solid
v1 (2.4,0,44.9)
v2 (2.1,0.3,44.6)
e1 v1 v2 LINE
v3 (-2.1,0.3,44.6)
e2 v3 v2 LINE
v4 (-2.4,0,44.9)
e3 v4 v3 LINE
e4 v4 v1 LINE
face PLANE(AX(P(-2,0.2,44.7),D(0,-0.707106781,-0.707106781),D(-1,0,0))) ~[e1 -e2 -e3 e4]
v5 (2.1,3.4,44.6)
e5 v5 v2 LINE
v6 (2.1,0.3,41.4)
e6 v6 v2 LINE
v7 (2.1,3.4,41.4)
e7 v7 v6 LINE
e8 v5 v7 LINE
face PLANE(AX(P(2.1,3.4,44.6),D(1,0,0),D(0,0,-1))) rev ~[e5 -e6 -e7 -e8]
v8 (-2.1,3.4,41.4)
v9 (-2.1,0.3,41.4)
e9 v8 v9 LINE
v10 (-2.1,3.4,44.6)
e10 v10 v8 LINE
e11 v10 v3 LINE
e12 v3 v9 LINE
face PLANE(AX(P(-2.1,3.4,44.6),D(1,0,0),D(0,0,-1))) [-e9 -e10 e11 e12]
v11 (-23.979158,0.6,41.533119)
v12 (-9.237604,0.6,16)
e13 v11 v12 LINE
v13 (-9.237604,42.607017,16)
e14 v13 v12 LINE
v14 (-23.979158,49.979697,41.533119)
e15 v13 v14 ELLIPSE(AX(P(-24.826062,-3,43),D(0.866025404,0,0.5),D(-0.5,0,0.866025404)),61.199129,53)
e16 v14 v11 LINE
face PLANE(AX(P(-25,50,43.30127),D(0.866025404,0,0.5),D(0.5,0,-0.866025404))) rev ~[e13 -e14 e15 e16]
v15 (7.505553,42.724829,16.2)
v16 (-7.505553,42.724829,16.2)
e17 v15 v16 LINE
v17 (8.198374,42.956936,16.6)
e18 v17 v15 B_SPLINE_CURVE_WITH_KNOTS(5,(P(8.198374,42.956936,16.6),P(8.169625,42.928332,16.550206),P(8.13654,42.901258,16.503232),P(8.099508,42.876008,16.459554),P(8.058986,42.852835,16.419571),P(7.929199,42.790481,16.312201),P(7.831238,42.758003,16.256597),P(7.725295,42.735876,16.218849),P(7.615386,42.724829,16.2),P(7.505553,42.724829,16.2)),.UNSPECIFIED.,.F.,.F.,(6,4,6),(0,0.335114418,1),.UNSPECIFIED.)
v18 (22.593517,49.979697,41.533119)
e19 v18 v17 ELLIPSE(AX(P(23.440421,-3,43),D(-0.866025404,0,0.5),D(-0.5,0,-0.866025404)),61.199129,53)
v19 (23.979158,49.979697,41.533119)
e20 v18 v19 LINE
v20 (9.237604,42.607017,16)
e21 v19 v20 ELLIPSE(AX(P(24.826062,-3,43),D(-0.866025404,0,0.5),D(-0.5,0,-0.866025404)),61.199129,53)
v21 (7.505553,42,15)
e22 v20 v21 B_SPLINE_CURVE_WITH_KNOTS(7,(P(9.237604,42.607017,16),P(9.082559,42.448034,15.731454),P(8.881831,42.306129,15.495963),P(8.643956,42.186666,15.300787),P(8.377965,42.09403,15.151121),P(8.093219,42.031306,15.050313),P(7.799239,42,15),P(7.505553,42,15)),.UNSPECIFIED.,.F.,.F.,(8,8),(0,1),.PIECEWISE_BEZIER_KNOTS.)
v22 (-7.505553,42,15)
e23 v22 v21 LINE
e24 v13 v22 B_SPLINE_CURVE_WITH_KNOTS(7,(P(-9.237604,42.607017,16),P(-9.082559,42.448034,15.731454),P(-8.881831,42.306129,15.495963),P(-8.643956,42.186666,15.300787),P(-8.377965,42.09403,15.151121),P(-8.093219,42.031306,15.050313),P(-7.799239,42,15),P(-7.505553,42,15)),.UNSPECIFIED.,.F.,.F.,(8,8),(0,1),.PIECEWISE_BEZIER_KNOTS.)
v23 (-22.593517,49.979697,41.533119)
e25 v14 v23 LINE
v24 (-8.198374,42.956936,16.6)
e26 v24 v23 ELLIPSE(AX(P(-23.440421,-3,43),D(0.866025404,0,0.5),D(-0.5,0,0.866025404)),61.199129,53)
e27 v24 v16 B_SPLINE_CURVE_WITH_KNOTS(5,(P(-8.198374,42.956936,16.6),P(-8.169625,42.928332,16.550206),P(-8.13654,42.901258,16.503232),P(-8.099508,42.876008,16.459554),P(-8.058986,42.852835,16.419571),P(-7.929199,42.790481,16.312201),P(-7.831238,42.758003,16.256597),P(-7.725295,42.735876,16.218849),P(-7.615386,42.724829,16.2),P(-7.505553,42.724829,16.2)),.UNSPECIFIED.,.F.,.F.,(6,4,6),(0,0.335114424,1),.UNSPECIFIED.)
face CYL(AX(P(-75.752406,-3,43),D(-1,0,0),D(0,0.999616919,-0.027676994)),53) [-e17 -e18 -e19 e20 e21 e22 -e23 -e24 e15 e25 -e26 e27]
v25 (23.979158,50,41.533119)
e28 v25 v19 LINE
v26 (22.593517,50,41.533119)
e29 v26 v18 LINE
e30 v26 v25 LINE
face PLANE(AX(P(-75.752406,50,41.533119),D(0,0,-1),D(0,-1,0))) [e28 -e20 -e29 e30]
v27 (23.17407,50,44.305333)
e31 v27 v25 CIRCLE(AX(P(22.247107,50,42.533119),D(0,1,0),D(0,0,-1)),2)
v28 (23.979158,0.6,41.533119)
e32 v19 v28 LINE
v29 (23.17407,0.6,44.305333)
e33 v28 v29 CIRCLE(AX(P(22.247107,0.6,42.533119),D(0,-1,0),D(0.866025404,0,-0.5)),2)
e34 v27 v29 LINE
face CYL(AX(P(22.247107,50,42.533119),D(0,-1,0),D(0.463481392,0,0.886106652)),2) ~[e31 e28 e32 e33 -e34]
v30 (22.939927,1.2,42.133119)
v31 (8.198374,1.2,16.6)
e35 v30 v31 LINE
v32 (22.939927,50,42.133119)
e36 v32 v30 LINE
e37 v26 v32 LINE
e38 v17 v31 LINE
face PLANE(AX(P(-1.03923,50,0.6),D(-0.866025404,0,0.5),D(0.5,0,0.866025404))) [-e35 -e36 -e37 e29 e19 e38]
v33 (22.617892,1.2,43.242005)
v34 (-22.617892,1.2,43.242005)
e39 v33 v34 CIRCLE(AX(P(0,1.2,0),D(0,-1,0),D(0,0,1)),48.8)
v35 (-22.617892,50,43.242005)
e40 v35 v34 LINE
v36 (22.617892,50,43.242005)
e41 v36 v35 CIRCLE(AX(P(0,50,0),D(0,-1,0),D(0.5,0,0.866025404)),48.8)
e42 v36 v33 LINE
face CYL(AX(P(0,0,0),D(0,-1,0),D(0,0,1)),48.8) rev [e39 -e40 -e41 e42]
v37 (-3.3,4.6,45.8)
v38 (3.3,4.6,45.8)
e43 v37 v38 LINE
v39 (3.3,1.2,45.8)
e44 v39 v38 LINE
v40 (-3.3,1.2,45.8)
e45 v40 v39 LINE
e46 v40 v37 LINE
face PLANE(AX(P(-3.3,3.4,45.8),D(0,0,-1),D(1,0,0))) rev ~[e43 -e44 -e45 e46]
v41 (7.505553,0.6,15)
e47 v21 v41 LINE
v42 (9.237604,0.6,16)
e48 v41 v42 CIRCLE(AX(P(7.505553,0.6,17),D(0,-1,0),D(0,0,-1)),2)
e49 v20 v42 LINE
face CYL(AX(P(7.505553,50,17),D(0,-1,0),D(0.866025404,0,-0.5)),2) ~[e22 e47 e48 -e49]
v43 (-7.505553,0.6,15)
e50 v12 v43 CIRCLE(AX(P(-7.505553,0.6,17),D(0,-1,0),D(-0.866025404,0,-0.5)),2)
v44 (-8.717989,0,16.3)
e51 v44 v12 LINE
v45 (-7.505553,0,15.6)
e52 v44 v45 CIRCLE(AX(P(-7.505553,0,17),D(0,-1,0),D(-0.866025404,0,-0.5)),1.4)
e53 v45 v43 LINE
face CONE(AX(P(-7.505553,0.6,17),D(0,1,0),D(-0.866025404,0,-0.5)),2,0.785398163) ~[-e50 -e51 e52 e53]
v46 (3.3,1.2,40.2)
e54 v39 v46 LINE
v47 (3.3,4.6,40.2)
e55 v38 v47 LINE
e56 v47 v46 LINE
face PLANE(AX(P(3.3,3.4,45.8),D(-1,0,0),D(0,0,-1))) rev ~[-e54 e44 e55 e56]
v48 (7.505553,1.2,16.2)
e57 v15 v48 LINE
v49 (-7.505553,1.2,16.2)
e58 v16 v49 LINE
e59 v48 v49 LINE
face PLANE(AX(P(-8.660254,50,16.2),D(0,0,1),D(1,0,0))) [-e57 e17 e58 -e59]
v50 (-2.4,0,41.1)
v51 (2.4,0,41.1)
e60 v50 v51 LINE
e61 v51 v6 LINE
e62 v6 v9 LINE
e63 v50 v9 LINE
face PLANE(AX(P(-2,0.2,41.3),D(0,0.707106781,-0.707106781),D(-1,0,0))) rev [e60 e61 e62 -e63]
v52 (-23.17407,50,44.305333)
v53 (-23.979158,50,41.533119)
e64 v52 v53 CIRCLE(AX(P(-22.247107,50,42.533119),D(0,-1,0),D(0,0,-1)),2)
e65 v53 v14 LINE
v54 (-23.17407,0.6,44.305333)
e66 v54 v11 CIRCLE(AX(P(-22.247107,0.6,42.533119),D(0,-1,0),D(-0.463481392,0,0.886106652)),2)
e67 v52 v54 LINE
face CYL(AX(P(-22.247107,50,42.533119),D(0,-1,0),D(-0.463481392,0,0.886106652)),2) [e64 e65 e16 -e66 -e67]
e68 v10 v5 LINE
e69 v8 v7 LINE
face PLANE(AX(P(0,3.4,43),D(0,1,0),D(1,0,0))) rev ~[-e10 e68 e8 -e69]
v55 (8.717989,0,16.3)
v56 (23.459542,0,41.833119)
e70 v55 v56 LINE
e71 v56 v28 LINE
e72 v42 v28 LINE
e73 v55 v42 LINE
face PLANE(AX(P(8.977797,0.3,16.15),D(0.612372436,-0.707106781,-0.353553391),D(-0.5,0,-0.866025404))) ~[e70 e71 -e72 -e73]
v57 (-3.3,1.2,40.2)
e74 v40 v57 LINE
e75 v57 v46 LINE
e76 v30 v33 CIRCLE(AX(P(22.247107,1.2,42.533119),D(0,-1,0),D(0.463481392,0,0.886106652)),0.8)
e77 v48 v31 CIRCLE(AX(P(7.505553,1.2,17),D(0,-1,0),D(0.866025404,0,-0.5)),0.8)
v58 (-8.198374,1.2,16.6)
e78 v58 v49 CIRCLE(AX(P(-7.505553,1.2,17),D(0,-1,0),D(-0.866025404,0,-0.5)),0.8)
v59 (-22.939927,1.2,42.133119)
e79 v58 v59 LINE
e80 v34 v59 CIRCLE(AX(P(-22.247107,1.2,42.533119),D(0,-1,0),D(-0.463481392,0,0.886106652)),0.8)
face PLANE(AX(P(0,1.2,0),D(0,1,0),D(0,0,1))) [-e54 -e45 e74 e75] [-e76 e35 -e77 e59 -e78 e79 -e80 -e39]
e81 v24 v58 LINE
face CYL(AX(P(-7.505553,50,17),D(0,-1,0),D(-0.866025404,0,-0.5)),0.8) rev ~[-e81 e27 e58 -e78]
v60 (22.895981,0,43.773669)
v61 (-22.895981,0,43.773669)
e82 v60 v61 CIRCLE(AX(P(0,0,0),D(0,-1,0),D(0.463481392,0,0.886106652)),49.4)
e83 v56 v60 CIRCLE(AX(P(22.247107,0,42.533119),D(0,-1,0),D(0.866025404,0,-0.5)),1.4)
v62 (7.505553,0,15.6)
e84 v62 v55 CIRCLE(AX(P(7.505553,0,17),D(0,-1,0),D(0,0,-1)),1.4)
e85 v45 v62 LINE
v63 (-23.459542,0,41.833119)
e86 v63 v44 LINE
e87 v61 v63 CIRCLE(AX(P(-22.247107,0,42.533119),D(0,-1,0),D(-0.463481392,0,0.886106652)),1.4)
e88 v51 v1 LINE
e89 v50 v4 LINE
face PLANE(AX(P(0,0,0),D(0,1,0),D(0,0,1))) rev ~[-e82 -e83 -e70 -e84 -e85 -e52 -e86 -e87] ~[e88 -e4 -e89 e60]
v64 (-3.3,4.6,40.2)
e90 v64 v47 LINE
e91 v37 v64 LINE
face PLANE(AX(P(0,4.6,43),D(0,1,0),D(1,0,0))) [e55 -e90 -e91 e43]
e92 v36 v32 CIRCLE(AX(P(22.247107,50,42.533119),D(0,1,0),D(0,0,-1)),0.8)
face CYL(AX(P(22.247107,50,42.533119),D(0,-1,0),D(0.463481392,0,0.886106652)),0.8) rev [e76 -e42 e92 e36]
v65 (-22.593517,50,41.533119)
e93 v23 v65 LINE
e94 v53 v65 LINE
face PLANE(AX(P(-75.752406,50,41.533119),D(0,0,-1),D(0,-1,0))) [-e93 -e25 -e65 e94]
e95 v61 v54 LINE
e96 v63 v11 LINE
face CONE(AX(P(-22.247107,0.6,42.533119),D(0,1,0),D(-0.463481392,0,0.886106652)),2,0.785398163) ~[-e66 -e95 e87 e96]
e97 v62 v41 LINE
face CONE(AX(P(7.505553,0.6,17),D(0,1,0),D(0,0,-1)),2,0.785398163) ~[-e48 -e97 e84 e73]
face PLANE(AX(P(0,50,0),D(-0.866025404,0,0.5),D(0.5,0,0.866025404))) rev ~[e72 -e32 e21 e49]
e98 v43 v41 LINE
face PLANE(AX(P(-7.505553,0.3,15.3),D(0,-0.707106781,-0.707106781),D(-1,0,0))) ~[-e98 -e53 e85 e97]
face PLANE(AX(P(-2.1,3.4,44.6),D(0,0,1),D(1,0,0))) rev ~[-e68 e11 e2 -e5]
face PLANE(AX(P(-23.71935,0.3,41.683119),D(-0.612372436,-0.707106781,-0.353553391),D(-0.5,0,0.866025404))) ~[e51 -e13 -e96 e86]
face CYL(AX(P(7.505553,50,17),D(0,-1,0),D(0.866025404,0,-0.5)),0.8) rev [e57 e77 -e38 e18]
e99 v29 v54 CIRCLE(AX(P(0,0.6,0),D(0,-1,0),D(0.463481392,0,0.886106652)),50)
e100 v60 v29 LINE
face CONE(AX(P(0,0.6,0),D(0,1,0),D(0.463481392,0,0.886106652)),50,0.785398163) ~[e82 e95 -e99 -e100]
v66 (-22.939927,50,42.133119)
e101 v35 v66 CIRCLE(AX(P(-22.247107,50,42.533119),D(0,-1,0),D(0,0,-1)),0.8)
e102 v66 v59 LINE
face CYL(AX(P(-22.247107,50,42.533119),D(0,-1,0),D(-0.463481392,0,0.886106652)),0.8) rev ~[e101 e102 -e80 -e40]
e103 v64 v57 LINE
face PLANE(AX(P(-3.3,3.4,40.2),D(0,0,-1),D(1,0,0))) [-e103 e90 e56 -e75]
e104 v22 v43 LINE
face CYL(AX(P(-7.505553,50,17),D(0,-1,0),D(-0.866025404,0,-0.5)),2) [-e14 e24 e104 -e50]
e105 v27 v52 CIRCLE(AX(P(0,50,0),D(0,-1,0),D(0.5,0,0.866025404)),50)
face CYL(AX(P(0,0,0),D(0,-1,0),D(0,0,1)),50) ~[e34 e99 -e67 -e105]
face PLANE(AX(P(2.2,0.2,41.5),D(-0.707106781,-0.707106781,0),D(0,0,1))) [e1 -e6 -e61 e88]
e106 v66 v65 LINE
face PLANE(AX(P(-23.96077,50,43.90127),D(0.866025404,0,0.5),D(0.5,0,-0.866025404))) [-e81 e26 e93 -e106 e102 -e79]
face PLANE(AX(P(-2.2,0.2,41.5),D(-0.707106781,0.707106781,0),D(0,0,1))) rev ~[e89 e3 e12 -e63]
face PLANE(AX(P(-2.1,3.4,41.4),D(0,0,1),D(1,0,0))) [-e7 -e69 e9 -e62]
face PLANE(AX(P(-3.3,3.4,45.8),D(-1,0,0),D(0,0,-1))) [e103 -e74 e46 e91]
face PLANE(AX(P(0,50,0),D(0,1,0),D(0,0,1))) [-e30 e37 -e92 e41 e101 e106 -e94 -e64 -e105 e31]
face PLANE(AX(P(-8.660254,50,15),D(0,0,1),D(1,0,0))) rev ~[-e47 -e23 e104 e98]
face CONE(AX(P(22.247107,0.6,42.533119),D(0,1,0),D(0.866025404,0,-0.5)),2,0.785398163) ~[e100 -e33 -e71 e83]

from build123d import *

# Parameters (mm, degrees)
SKETCH_1_R               = 50
EXTRUDE_1_DEPTH          = 50
CUT_EXTRUDE_2_DEPTH      = 87.602540378
CUT_EXTRUDE_3_DEPTH      = 76
FILLET_1_R               = 2
CHAMFER_1_SIZE           = 0.6
SHELL_1_T                = -1.2
EXTRUDE_2_DEPTH          = 2
EXTRUDE_2_DEPTH_BACK     = 2
SKETCH_4_R               = 1.5
SKETCH_5_R               = 1.5
EXTRUDE_3_DEPTH          = 3
CUT_EXTRUDE_4_DEPTH      = 75.752405905
CUT_EXTRUDE_4_DEPTH_BACK = 75.752405905
SKETCH_7_W               = 6.6
SKETCH_7_H               = 5.6
SKETCH_7_W_2             = 4
SKETCH_7_H_2             = 3
EXTRUDE_4_DEPTH          = 2.2
SKETCH_8_W               = 4
SKETCH_8_H               = 3
CUT_EXTRUDE_7_DEPTH      = 1.2
SKETCH_9_W               = 48.891646461
SKETCH_9_H               = 14.735047163
CUT_EXTRUDE_8_DEPTH      = 75.752405905
CHAMFER_2_SIZE           = 0.4
SKETCH_10_W              = 4.2
SKETCH_10_H              = 3.2
SKETCH_10_W_2            = 4
SKETCH_10_H_2            = 3
CUT_EXTRUDE_9_DEPTH      = 73.52228753
SKETCH_11_W              = 6.6
SKETCH_11_H              = 5.6
EXTRUDE_5_DEPTH          = 1.2


with BuildPart() as part:
    # 草图1 → 凸台-拉伸1 (new body)
    with BuildSketch(Plane(origin=(0, 0, 0), x_dir=(1, 0, 0), z_dir=(0, 1, 0))):
        with Locations(Location((0, 0, 0), (0, 0, 270))):
            Circle(SKETCH_1_R)
    extrude(amount=EXTRUDE_1_DEPTH)

    # 草图2 → 切除-拉伸2 (cut, through all)
    with BuildSketch(Plane(origin=(0, 50, 0), x_dir=(1, 0, 0), z_dir=(0, 1, 0))):
        with BuildLine():
            Line((-25, -43.301270189), (0, 0))
            Line((0, 0), (25, -43.301270189))
            ThreePointArc((25, -43.301270189), (0, 50), (-25, -43.301270189))
        make_face()
    extrude(amount=-CUT_EXTRUDE_2_DEPTH, mode=Mode.SUBTRACT)

    # 草图3 → 切除-拉伸3 (cut, through all)
    with BuildSketch(Plane(origin=(0, 50, 0), x_dir=(1, 0, 0), z_dir=(0, 1, 0))):
        with BuildLine():
            ThreePointArc((-7.5, -12.990381057), (-3.882285677, -14.488887394), (0, -15))
            ThreePointArc((0, -15), (3.882285677, -14.488887394), (7.5, -12.990381057))
            Line((7.5, -12.990381057), (0, 0))
            Line((0, 0), (-7.5, -12.990381057))
        make_face()
        with BuildLine():
            ThreePointArc((15, 0), (-7.5, 12.990381057), (-7.5, -12.990381057))
            Line((-7.5, -12.990381057), (0, 0))
            Line((0, 0), (7.5, -12.990381057))
            ThreePointArc((7.5, -12.990381057), (12.990381057, -7.5), (15, 0))
        make_face()
        with BuildLine():
            ThreePointArc((7.5, -12.990381057), (3.882285677, -14.488887394), (0, -15))
            Line((0, -15), (8.660254038, -15))
            Line((8.660254038, -15), (7.5, -12.990381057))
        make_face()
        with BuildLine():
            Line((-7.5, -12.990381057), (-8.660254038, -15))
            Line((-8.660254038, -15), (0, -15))
            ThreePointArc((0, -15), (-3.882285677, -14.488887394), (-7.5, -12.990381057))
        make_face()
    extrude(amount=-CUT_EXTRUDE_3_DEPTH, mode=Mode.SUBTRACT)

    # 圆角1
    fillet_1_edges = [part.edges().sort_by_distance(p)[0] for p in [
        (25, 25, 43.301270189),
        (-25, 25, 43.301270189),
        (-8.660254038, 25, 15),
        (8.660254038, 25, 15),
    ]]
    fillet(fillet_1_edges, radius=FILLET_1_R)

    # 倒角1
    chamfer_1_edges = [part.edges().sort_by_distance(p)[0] for p in [
        (0, 0, 15),
        (-16.608380962, 0, 28.766559657),
        (16.608380962, 0, 28.766559657),
        (0, 0, 50),
        (8.505553499, 0, 15.267949192),
        (24.167752526, 0, 43.090900659),
        (-24.167752526, 0, 43.090900659),
        (-8.505553499, 0, 15.267949192),
    ]]
    chamfer(chamfer_1_edges, length=CHAMFER_1_SIZE)

    # 抽壳1
    shell_1_openings = [part.faces().sort_by_distance(p)[0] for p in [
        (0, 50, 34.229276229),
    ]]
    offset(amount=SHELL_1_T, openings=shell_1_openings)

    # 草图4 → 凸台-拉伸2 (add, two sides: drawn at the far end of the back side and taken through both)
    with BuildSketch(Plane(origin=(0, 0, 0), x_dir=(0, 0, -1), z_dir=(1, 0, 0)).offset(-EXTRUDE_2_DEPTH_BACK)):
        with BuildLine():
            Line((-44.5, 0), (-44.5, -3))
            ThreePointArc((-44.5, -3), (-43, -1.5), (-41.5, -3))
            Line((-41.5, -3), (-41.5, 0))
            Line((-41.5, 0), (-44.5, 0))
        make_face()
        with Locations((-43, -3)):
            Circle(SKETCH_4_R)
    extrude(amount=EXTRUDE_2_DEPTH + EXTRUDE_2_DEPTH_BACK)

    # 草图5 → 凸台-拉伸3 (add)
    with BuildSketch(Plane(origin=(2, 0, 0), x_dir=(0, 0, -1), z_dir=(1, 0, 0))):
        with Locations((-43, -3)):
            Circle(SKETCH_5_R)
    extrude_3 = extrude(amount=EXTRUDE_3_DEPTH)

    # 镜向1: 凸台-拉伸3 across plane
    add(extrude_3.mirror(Plane(origin=(0, 0, 0), x_dir=(0, 0, 1), z_dir=(1, 0, 0))))

    # 草图6 → 切除-拉伸4 (cut, two sides: drawn at the far end of the back side and taken through both)
    with BuildSketch(Plane(origin=(0, 0, 0), x_dir=(0, 0, -1), z_dir=(1, 0, 0)).offset(-CUT_EXTRUDE_4_DEPTH_BACK)):
        with BuildLine():
            ThreePointArc((-41.533119315, 49.979696687), (-27.735886723, 47.754377603), (-15, 42))
            Line((-15, 42), (-15, 50))
            Line((-15, 50), (-16, 50))
            Line((-16, 50), (-41.533119315, 50))
            Line((-41.533119315, 50), (-41.533119315, 49.979696687))
        make_face()
    extrude(amount=CUT_EXTRUDE_4_DEPTH + CUT_EXTRUDE_4_DEPTH_BACK, mode=Mode.SUBTRACT)

    # 草图7 → 凸台-拉伸4 (add)
    with BuildSketch(Plane(origin=(0, 1.2, 0), x_dir=(1, 0, 0), z_dir=(0, 1, 0))):
        with Locations((0, -43)):
            Rectangle(SKETCH_7_W, SKETCH_7_H)
        with Locations((0, -43)):
            Rectangle(SKETCH_7_W_2, SKETCH_7_H_2, mode=Mode.SUBTRACT)
    extrude(amount=EXTRUDE_4_DEPTH)

    # 草图8 → 切除-拉伸7 (cut)
    with BuildSketch(Plane(origin=(0, 1.2, 0), x_dir=(1, 0, 0), z_dir=(0, 1, 0))):
        with Locations((0, -43)):
            Rectangle(SKETCH_8_W, SKETCH_8_H)
    extrude(amount=-CUT_EXTRUDE_7_DEPTH, mode=Mode.SUBTRACT)


with BuildPart() as cut_extrude_7_piece_1:
    # of the separate pieces the step leaves, piece 1, a body of its own (cut_extrude_7_pieces)
    add(part.part.solids().sort_by_distance((-23.174069593, 0.6, 44.305332619))[0])

    # 倒角2
    chamfer_2_edges = [cut_extrude_7_piece_1.edges().sort_by_distance(p)[0] for p in [
        (-2, 0, 43),
        (0, 0, 41.5),
        (0, 0, 44.5),
        (2, 0, 43),
    ]]
    chamfer(chamfer_2_edges, length=CHAMFER_2_SIZE)

    # 草图10 → 切除-拉伸9 (cut, through all)
    with BuildSketch(Plane(origin=(0, 3.4, 0), x_dir=(1, 0, 0), z_dir=(0, 1, 0))):
        with Locations((0, -43)):
            Rectangle(SKETCH_10_W, SKETCH_10_H)
        with Locations((0, -43)):
            Rectangle(SKETCH_10_W_2, SKETCH_10_H_2, mode=Mode.SUBTRACT)
    extrude(amount=-CUT_EXTRUDE_9_DEPTH, mode=Mode.SUBTRACT)

    # 草图11 → 凸台-拉伸5 (add)
    with BuildSketch(Plane(origin=(0, 3.4, 0), x_dir=(1, 0, 0), z_dir=(0, 1, 0))):
        with Locations((0, -43)):
            Rectangle(SKETCH_11_W, SKETCH_11_H)
    extrude(amount=EXTRUDE_5_DEPTH)


with BuildPart() as cut_extrude_7_piece_2:
    # of the separate pieces the step leaves, piece 2, a body of its own (cut_extrude_7_pieces)
    add(part.part.solids().sort_by_distance((-2, -3, 41.5))[0])

    # 草图9 → 切除-拉伸8 (cut, through all)
    with BuildSketch(Plane.XZ):
        with Locations((-1.815492917, 42.673305219)):
            Rectangle(SKETCH_9_W, SKETCH_9_H)
    extrude(amount=CUT_EXTRUDE_8_DEPTH, mode=Mode.SUBTRACT)


solid = cut_extrude_7_piece_1.part
